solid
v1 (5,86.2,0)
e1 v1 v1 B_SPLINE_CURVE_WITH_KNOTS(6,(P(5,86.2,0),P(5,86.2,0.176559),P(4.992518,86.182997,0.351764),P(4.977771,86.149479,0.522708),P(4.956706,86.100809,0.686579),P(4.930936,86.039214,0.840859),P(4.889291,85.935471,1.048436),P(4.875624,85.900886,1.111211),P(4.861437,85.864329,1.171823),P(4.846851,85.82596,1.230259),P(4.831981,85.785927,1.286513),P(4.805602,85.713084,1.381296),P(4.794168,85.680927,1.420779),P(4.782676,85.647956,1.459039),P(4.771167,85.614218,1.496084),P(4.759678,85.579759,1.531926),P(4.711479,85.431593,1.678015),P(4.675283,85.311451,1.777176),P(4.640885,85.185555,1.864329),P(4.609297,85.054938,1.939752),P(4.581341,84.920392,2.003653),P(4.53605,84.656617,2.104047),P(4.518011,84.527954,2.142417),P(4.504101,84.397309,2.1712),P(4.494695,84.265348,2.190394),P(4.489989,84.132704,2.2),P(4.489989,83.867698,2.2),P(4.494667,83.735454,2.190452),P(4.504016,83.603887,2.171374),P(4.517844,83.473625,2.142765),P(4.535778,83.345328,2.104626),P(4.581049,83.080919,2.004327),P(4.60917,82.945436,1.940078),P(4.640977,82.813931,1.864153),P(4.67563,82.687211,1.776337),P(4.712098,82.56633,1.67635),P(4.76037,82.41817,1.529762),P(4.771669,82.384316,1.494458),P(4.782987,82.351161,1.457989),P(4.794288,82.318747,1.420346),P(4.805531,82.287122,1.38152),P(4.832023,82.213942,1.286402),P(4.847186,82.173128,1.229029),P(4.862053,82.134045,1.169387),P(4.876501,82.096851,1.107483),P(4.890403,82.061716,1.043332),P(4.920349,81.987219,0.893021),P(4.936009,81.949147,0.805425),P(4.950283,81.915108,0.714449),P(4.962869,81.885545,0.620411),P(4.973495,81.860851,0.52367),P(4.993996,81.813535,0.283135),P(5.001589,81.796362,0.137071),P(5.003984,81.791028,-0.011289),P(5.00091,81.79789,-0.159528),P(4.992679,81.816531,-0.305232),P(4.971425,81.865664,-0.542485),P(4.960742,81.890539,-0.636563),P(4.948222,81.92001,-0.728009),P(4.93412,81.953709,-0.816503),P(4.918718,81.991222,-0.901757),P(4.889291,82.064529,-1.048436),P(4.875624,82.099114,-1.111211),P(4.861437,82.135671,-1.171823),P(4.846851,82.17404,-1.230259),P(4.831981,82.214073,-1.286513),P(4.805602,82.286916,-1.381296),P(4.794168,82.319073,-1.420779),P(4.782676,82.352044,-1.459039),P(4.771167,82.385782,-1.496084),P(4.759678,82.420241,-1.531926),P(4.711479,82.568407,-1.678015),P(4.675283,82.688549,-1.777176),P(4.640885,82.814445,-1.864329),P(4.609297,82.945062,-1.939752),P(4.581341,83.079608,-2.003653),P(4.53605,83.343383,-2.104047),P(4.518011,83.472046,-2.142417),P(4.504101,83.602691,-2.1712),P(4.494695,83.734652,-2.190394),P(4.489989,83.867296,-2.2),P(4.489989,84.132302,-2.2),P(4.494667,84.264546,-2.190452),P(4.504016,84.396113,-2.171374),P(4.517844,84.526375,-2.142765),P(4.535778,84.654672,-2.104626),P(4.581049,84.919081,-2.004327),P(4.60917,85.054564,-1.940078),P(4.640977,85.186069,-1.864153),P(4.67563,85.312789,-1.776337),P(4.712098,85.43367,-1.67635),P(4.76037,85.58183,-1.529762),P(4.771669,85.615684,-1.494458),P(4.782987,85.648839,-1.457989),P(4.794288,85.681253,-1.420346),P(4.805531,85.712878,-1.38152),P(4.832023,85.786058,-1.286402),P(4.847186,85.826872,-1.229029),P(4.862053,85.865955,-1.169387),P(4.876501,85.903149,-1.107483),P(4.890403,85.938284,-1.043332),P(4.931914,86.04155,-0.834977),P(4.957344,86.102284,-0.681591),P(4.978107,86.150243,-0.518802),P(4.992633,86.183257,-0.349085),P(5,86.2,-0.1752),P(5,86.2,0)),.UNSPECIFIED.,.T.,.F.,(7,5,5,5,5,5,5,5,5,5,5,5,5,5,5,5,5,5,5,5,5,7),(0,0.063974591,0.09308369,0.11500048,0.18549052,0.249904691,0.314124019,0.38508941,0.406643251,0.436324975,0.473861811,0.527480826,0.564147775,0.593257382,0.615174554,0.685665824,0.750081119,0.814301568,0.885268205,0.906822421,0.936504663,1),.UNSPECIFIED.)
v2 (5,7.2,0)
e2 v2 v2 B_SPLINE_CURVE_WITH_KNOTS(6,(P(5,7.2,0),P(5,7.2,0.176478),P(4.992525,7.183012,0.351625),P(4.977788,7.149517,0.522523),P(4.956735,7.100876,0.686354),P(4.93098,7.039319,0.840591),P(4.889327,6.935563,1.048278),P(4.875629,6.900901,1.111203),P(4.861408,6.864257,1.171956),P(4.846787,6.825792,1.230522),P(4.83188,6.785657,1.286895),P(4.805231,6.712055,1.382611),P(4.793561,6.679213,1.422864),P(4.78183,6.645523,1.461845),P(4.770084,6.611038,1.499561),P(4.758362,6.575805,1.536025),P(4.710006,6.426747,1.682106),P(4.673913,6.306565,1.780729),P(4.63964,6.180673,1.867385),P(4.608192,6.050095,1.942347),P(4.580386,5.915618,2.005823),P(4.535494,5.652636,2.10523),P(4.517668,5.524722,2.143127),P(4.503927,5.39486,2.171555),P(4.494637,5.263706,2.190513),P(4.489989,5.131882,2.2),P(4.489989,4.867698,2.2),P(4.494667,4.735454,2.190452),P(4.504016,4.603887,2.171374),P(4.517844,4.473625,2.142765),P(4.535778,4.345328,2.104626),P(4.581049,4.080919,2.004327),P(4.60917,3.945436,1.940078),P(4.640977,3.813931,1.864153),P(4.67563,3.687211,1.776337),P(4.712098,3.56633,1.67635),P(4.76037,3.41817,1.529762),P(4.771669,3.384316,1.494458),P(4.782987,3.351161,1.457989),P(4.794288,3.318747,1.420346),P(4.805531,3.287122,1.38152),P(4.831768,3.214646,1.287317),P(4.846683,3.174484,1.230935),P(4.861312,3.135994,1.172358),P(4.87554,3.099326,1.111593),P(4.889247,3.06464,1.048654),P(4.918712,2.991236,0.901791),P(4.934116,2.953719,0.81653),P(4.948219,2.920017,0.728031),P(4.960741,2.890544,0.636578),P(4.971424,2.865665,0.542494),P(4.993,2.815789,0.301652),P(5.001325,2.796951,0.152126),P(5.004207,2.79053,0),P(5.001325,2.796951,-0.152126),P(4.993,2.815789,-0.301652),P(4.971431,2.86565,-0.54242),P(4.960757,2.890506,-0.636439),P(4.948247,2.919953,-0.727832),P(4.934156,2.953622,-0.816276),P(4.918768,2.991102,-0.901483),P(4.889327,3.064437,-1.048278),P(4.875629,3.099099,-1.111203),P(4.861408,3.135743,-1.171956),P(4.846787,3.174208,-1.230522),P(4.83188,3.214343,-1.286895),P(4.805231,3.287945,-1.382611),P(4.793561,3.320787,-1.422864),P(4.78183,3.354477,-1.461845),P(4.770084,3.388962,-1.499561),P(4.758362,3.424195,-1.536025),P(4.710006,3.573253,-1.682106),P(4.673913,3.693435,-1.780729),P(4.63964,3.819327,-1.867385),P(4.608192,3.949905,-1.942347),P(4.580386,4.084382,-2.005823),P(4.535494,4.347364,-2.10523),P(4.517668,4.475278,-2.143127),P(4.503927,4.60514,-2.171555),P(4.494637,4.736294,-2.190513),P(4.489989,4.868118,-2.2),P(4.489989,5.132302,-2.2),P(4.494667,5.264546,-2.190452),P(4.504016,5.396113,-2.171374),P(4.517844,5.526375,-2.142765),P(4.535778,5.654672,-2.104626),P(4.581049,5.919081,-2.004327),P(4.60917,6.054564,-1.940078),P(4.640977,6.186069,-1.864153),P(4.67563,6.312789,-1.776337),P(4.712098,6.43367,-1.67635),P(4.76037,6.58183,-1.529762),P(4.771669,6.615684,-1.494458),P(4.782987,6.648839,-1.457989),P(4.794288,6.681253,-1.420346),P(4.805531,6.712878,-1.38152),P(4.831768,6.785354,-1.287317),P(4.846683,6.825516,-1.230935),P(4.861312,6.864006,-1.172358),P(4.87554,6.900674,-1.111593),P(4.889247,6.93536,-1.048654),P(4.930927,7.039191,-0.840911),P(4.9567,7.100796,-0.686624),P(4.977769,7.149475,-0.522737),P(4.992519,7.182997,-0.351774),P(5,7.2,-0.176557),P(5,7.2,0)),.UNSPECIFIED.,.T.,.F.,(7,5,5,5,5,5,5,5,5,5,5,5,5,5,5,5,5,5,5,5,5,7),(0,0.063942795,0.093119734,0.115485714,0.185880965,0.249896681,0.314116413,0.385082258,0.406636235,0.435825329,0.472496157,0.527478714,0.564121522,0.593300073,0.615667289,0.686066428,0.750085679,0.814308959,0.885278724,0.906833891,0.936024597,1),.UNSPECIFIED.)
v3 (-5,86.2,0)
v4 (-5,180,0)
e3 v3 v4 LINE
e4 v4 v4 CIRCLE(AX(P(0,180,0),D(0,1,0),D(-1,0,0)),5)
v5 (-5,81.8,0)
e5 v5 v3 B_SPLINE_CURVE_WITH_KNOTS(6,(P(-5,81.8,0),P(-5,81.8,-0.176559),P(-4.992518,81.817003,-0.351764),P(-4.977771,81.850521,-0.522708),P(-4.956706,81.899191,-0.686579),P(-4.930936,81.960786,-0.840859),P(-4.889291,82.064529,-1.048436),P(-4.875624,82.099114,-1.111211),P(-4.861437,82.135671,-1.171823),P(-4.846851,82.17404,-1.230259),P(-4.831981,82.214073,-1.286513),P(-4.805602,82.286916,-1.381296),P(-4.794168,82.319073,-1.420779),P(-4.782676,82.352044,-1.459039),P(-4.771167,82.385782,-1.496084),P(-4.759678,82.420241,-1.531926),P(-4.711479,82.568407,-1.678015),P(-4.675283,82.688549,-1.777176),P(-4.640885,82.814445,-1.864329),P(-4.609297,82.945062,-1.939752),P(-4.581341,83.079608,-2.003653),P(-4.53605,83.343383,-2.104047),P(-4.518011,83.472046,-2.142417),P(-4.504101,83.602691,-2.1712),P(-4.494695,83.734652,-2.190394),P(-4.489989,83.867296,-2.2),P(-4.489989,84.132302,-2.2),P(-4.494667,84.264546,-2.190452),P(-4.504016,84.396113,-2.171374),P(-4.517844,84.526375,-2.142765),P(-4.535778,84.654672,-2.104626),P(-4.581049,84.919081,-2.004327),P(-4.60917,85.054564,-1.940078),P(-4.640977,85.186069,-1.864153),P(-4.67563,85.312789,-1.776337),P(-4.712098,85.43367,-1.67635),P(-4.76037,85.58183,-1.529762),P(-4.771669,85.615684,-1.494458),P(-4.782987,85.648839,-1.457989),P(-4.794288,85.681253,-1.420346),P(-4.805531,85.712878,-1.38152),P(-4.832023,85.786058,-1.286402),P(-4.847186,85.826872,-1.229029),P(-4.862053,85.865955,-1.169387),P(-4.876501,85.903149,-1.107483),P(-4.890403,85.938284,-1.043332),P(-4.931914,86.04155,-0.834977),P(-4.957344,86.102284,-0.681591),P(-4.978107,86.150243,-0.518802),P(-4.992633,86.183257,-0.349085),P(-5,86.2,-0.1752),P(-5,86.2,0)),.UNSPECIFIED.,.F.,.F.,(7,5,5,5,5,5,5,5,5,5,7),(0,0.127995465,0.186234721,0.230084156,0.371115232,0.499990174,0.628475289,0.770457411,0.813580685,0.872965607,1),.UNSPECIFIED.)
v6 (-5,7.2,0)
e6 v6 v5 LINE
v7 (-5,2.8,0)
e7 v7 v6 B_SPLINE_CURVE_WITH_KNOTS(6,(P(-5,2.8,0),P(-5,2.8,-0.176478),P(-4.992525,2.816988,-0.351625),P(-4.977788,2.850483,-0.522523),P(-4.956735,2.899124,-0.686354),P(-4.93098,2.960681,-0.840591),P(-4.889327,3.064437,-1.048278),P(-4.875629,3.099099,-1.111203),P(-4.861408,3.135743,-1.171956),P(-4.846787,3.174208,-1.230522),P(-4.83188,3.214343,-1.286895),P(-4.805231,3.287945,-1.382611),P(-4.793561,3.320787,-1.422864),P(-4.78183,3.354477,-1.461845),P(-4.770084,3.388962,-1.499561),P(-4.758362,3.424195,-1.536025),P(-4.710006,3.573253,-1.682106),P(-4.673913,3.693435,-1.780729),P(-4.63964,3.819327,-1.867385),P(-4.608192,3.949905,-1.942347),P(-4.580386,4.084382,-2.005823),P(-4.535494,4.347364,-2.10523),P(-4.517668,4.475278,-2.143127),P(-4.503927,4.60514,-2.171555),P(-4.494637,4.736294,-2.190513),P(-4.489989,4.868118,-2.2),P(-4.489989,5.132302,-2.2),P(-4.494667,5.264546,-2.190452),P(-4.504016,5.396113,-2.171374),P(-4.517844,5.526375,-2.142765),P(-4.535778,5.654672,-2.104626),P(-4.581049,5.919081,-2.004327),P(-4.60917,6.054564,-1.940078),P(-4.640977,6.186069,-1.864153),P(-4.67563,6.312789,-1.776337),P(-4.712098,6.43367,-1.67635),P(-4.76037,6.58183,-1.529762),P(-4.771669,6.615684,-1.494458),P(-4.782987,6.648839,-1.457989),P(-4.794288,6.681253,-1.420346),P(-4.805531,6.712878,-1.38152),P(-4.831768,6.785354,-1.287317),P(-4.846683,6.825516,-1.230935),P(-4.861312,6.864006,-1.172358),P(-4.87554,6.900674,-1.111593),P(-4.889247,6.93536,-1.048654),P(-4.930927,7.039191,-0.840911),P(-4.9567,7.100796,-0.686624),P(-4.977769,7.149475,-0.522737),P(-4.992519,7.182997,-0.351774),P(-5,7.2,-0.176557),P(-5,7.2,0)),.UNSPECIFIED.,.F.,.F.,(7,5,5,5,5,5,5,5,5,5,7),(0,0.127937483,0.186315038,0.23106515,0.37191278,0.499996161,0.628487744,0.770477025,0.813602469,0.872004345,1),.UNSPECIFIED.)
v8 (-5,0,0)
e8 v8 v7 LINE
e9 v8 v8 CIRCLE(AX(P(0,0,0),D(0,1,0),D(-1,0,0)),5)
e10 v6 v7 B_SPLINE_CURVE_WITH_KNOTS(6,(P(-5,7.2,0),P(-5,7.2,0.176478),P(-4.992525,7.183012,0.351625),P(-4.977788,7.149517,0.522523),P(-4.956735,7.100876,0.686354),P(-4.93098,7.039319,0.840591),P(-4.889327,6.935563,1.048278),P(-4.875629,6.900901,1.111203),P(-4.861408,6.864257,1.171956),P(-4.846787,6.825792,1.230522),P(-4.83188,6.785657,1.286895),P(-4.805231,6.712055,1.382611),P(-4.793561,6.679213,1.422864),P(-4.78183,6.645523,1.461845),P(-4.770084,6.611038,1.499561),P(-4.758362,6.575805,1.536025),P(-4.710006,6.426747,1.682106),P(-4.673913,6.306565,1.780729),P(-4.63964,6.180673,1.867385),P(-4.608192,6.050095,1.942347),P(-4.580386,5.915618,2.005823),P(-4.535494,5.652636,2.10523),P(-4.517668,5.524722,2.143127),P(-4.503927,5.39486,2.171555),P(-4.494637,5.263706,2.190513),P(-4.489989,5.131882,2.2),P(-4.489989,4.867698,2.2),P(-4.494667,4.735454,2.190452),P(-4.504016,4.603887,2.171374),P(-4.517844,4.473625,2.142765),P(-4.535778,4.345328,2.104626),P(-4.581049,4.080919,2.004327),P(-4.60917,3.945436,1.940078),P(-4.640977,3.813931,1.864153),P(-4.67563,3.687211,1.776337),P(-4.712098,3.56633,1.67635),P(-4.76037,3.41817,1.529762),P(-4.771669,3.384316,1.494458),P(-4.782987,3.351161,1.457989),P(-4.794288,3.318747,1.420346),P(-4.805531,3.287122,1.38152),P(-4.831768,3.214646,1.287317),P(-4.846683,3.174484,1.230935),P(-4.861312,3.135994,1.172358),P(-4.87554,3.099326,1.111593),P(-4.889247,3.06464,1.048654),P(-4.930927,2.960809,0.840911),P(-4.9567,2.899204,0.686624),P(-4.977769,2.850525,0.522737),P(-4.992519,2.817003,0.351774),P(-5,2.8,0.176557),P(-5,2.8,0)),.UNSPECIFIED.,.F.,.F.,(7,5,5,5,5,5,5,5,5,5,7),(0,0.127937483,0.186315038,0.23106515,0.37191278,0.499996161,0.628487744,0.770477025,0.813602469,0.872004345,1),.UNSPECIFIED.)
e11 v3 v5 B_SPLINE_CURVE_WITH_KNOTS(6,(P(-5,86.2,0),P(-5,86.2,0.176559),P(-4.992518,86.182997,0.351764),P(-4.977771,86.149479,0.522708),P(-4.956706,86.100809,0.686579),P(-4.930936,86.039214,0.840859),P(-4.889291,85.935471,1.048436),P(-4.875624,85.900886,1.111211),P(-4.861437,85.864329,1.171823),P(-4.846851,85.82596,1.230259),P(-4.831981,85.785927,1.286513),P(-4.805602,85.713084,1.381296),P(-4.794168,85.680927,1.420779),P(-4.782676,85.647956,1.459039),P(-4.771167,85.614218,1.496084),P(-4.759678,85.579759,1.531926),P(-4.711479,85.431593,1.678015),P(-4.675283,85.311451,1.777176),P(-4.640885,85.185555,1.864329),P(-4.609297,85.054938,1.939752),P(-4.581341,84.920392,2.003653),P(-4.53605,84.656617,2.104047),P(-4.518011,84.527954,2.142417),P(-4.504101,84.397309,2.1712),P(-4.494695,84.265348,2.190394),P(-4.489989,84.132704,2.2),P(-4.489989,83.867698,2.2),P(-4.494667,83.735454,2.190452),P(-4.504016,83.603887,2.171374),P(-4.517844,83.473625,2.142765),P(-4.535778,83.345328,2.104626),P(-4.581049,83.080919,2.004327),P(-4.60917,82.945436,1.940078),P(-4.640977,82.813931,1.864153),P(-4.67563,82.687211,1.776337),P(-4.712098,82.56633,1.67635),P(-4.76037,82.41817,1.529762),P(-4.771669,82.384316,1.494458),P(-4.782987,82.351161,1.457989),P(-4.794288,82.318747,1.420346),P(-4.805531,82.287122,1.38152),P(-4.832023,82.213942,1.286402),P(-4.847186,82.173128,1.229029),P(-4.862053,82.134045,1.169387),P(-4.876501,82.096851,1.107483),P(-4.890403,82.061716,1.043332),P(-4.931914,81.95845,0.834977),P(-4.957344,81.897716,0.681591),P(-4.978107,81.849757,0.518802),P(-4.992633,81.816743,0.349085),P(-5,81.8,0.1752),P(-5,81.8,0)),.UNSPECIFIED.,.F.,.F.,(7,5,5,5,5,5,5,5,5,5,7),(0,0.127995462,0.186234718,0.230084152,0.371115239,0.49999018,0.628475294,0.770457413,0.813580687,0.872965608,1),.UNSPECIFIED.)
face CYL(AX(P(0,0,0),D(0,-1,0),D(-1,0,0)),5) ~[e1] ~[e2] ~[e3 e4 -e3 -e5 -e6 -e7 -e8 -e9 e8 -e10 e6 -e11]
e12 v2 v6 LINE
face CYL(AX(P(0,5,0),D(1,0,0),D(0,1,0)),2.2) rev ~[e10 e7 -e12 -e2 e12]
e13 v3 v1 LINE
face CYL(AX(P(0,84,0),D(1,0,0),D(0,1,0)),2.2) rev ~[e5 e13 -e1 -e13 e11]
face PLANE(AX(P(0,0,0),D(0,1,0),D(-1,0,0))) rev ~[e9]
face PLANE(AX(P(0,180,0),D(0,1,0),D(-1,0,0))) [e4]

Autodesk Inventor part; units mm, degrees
ref_plane "YZ Plane" through (0, 0, 0) normal (1, 0, 0) x (0, 1, 0)
ref_plane "XZ Plane" through (0, 0, 0) normal (0, 1, 0) x (-1, 0, 0)
sketch "Szkic1" plane through (0, 0, 0) normal (0, 1, 0) x (-1, 0, 0)
  circle A0 centre (0, 0) radius 5
  dimension "d0" = 10
extrude "Wyciągnięcie proste1" add sketch "Szkic1" along normal blind 180
ref_plane "Płaszczyzna konstrukcyjna1" through (0, 90, 0) normal (0, 1, 0) x (1, 0, 0)
sketch "Szkic2" plane through (0, 90, 0) normal (0, 1, 0) x (1, 0, 0)
  circle A0 centre (0, 0) radius 18.6013
sketch "Szkic3" plane through (0, 0, 0) normal (1, 0, 0) x (0, 1, 0)
  line L0 (0, 0) -> (5, 0)
  circle A0 centre (5, 0) radius 2.2
  line L1 (0, 0) -> (84, 0)
  line L2 (0, 0) -> (84, 0) construction
  circle A1 centre (84, 0) radius 2.2
  dimension "d4" = 5
  dimension "d5" = 4.4
  dimension "d6" = 84
  dimension "d7" = 0
  dimension "d8" = 4.4
extrude "Wyciągnięcie proste2" cut sketch "Szkic3" along normal mid plane 18.75
properties part number "long_tibia"
